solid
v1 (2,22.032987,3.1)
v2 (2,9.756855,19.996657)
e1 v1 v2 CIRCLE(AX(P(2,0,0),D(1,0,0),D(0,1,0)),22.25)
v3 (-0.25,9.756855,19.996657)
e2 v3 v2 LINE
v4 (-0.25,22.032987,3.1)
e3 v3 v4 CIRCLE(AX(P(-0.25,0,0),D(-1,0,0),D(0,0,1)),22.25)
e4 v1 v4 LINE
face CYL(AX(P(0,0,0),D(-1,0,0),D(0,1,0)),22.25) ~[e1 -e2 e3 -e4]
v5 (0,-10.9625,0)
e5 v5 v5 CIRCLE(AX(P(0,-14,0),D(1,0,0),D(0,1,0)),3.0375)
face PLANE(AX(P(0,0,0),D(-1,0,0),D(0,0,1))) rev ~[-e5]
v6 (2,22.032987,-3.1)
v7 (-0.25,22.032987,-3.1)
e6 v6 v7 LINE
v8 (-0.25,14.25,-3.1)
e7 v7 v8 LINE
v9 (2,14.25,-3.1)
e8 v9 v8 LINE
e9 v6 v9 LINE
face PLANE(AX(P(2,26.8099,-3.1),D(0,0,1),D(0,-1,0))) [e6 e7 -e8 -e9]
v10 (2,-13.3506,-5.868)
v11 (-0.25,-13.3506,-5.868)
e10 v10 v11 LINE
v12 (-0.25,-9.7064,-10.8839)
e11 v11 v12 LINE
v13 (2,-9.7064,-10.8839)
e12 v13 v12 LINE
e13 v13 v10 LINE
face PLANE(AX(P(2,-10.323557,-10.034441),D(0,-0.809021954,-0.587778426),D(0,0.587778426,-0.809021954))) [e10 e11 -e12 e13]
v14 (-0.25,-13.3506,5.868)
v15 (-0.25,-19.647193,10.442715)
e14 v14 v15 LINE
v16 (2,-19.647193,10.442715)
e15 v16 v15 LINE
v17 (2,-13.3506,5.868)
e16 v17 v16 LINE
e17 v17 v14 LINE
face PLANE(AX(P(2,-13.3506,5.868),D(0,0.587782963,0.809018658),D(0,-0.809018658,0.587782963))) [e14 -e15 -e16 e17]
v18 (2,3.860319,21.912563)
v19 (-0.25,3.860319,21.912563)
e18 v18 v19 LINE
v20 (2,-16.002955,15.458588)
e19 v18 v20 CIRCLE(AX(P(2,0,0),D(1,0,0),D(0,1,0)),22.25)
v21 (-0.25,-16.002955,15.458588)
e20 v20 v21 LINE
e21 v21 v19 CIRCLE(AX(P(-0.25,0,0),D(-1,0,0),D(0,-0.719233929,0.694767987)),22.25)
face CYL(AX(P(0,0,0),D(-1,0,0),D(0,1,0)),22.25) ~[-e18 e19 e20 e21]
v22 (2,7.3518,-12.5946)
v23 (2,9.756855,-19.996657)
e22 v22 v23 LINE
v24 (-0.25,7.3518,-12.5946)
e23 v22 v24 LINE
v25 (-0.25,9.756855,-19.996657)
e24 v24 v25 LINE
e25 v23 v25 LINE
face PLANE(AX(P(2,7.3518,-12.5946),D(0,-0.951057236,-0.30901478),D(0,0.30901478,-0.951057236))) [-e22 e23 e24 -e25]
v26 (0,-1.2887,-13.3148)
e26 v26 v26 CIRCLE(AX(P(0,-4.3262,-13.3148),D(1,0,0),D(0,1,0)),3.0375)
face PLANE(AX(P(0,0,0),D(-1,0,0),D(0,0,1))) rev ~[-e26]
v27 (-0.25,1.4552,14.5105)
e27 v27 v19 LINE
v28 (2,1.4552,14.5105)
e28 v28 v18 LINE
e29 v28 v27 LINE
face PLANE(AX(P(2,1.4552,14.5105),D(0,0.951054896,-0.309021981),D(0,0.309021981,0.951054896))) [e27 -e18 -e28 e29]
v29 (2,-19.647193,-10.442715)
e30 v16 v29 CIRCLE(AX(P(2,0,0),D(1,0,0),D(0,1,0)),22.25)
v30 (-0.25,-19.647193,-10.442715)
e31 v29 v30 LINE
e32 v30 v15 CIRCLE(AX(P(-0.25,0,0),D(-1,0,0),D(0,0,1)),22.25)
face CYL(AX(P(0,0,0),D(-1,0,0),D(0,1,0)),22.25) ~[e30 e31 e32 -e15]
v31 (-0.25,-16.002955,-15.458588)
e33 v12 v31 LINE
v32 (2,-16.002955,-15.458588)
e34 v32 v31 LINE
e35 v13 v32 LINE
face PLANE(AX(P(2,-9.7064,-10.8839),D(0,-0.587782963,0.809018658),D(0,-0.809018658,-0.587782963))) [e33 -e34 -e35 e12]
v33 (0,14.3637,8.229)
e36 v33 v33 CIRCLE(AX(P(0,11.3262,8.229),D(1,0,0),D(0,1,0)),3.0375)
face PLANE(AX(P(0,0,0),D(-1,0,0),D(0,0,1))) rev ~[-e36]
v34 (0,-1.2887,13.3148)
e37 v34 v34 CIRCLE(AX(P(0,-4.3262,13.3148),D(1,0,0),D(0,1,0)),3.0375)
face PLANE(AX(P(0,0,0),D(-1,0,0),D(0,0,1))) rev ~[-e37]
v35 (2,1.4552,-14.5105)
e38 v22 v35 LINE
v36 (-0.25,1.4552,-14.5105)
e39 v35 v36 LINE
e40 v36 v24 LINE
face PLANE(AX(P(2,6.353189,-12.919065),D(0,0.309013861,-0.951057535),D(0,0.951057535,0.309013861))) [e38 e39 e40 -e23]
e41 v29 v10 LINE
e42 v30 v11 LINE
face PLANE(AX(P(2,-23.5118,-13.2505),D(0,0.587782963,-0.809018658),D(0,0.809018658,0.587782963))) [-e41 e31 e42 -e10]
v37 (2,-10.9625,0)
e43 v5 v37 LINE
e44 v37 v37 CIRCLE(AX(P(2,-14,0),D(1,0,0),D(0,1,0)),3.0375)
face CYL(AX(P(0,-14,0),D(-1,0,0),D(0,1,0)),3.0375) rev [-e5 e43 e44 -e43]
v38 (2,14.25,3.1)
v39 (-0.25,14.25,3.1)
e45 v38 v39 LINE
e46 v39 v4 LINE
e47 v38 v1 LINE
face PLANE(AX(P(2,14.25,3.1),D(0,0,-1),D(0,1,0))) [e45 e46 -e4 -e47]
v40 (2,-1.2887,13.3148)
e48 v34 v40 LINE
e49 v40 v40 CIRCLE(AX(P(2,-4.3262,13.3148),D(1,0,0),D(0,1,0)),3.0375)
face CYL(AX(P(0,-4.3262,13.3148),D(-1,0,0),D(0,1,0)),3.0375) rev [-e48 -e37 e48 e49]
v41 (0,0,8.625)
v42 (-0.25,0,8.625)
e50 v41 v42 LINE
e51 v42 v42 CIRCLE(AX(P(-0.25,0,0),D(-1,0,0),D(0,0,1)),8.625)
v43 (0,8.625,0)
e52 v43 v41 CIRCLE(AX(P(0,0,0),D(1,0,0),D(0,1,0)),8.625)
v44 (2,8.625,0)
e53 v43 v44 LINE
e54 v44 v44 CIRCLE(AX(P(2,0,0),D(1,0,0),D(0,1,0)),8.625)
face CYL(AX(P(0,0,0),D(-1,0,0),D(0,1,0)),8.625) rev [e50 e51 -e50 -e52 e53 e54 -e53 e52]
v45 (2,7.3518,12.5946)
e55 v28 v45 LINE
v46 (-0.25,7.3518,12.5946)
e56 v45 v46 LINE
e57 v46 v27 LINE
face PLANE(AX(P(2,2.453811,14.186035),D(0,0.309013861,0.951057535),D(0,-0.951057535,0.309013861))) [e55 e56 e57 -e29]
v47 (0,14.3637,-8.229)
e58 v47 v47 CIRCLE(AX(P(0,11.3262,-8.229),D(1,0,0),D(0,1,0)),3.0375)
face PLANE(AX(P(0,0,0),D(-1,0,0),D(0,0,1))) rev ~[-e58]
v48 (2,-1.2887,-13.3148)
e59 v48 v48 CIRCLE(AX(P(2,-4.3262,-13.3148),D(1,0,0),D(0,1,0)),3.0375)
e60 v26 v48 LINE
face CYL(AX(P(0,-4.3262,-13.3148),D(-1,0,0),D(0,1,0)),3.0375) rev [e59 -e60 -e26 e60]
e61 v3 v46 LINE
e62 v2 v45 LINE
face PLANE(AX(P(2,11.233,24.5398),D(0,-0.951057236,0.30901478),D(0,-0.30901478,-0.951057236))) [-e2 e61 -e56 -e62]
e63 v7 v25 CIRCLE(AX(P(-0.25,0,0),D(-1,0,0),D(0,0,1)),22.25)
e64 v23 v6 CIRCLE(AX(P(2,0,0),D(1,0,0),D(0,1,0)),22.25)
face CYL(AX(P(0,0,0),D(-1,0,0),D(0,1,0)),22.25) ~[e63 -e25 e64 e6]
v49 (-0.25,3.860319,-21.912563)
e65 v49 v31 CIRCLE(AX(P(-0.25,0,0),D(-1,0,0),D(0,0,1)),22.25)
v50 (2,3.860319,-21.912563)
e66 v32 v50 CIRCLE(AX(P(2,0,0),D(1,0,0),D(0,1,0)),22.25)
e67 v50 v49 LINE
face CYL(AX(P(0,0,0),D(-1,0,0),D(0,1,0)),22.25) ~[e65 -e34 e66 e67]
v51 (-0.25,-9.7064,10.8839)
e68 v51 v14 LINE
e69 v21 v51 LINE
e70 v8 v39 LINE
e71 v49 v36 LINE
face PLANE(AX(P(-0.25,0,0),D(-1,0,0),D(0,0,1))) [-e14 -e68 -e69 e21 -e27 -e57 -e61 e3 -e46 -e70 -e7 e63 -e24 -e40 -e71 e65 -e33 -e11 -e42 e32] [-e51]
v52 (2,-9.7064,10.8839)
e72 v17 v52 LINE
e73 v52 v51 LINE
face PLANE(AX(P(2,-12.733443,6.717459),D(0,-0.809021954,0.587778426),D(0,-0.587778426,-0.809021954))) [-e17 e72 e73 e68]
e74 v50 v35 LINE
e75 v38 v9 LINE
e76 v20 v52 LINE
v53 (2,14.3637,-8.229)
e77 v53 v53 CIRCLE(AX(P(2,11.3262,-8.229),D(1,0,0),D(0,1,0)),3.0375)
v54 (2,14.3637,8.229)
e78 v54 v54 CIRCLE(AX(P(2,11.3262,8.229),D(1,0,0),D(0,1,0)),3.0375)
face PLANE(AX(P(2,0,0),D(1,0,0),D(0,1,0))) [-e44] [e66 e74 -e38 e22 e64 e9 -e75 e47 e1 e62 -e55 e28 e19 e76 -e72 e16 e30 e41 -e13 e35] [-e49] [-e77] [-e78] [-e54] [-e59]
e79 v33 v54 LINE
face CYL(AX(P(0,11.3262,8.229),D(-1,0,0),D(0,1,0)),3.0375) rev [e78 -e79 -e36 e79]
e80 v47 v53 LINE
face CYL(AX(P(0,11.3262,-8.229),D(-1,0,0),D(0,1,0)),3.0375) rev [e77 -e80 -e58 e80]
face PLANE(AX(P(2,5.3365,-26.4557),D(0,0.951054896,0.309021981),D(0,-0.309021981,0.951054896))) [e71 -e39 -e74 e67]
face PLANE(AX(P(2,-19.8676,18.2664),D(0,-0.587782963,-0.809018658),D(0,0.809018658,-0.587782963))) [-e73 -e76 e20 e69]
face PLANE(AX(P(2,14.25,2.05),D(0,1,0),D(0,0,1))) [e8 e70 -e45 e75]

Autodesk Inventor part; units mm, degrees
ref_plane "YZ Plane" through (0, 0, 0) normal (1, 0, 0) x (0, 1, 0)
ref_plane "XZ Plane" through (0, 0, 0) normal (0, 1, 0) x (-1, 0, 0)
ref_plane "XY Plane" through (0, 0, 0) normal (0, 0, 1) x (1, 0, 0)
sketch "Sketch1" plane through (0, 0, 0) normal (1, 0, 0) x (0, 1, 0)
  circle A0 centre (0, 0) radius 22.25
  circle A1 centre (0, 0) radius 8.625
  line L0 (8.625, 0) -> (22.25, 0) construction
  line L1 (21.91, 3.875) -> (7.7055, 3.875) construction
  line L2 (7.7055, -3.875) -> (21.91, -3.875) construction
  circle A2 centre (-14, 0) radius 3.0375
  circle A3 centre (-4.3262, -13.3148) radius 3.0375
  circle A4 centre (11.3262, -8.229) radius 3.0375
  circle A5 centre (11.3262, 8.229) radius 3.0375
  circle A6 centre (-4.3262, 13.3148) radius 3.0375
  dimension "d0" = 44.5
  dimension "d1" = 17.25
  dimension "d2" = 7.75
  dimension "d3" = 3.875
  dimension "d4" = 0
  dimension "d5" = 6.075
  dimension "d32" = 14
  dimension "d35" = 360
extrude "Extrusion1" add sketch "Sketch1" along normal blind 2
sketch "Sketch2" plane through (0, 0, 0) normal (-1, 0, 0) x (0, 0, 1)
  circle A0 centre (0, 0) radius 8.625 projected
  circle A1 centre (0, 0) radius 22.25 projected
extrude "Extrusion2" add sketch "Sketch2" along normal blind 0.25
sketch "Sketch3" plane through (2, 0, 0) normal (1, 0, 0) x (0, 0, -1)
  line L0 (-3.1, 26.8099) -> (3.1, 26.8099)
  line L1 (3.1, 26.8099) -> (3.1, 14.25)
  line L2 (3.1, 14.25) -> (-3.1, 14.25)
  line L3 (-3.1, 14.25) -> (-3.1, 26.8099)
  circle A0 centre (0, 0) radius 22.25 construction
  line L4 (-2.05, 26.8099) -> (2.05, 26.8099)
  line L5 (2.05, 26.8099) -> (2.05, 14.25)
  line L6 (2.05, 14.25) -> (-2.05, 14.25)
  line L7 (-2.05, 14.25) -> (-2.05, 26.8099)
  line L8 (-26.4557, 5.3365) -> (-24.5398, 11.233)
  line L9 (-24.5398, 11.233) -> (-12.5946, 7.3518)
  line L10 (-12.5946, 7.3518) -> (-14.5105, 1.4552)
  line L11 (-14.5105, 1.4552) -> (-26.4557, 5.3365)
  line L12 (-26.1313, 6.3351) -> (-24.8643, 10.2344)
  line L13 (-24.8643, 10.2344) -> (-12.9191, 6.3532)
  line L14 (-12.9191, 6.3532) -> (-14.186, 2.4538)
  line L15 (-14.186, 2.4538) -> (-26.1313, 6.3351)
  line L16 (-13.2505, -23.5118) -> (-18.2664, -19.8676)
  line L17 (-18.2664, -19.8676) -> (-10.8839, -9.7064)
  line L18 (-10.8839, -9.7064) -> (-5.868, -13.3506)
  line L19 (-5.868, -13.3506) -> (-13.2505, -23.5118)
  line L20 (-14.1, -22.8947) -> (-17.417, -20.4847)
  line L21 (-17.417, -20.4847) -> (-10.0344, -10.3235)
  line L22 (-10.0344, -10.3235) -> (-6.7175, -12.7335)
  line L23 (-6.7175, -12.7335) -> (-14.1, -22.8947)
  line L24 (18.2664, -19.8676) -> (13.2505, -23.5118)
  line L25 (13.2505, -23.5118) -> (5.868, -13.3506)
  line L26 (5.868, -13.3506) -> (10.8839, -9.7064)
  line L27 (10.8839, -9.7064) -> (18.2664, -19.8676)
  line L28 (17.417, -20.4847) -> (14.1, -22.8947)
  line L29 (14.1, -22.8947) -> (6.7175, -12.7335)
  line L30 (6.7175, -12.7335) -> (10.0344, -10.3235)
  line L31 (10.0344, -10.3235) -> (17.417, -20.4847)
  line L32 (24.5398, 11.233) -> (26.4557, 5.3365)
  line L33 (26.4557, 5.3365) -> (14.5105, 1.4552)
  line L34 (14.5105, 1.4552) -> (12.5946, 7.3518)
  line L35 (12.5946, 7.3518) -> (24.5398, 11.233)
  line L36 (24.8643, 10.2344) -> (26.1313, 6.3351)
  line L37 (26.1313, 6.3351) -> (14.186, 2.4538)
  line L38 (14.186, 2.4538) -> (12.9191, 6.3532)
  line L39 (12.9191, 6.3532) -> (24.8643, 10.2344)
  dimension "d15" = 6.2
  dimension "d16" = 3.1
  dimension "d17" = 8
  dimension "d22" = 0
  dimension "d23" = 0
  dimension "d24" = 1.05
  dimension "d25" = 1.05
  dimension "d28" = 360
extrude "Extrusion3" cut sketch "Sketch3" against normal up to surface (2.25 mm away)
equation "\"d3\" = 0.5 * d2"
equation "\"d16\" = 0.5 * d15"
equation "\"d25\" = d24"
properties part number "Magnetic Disk"
